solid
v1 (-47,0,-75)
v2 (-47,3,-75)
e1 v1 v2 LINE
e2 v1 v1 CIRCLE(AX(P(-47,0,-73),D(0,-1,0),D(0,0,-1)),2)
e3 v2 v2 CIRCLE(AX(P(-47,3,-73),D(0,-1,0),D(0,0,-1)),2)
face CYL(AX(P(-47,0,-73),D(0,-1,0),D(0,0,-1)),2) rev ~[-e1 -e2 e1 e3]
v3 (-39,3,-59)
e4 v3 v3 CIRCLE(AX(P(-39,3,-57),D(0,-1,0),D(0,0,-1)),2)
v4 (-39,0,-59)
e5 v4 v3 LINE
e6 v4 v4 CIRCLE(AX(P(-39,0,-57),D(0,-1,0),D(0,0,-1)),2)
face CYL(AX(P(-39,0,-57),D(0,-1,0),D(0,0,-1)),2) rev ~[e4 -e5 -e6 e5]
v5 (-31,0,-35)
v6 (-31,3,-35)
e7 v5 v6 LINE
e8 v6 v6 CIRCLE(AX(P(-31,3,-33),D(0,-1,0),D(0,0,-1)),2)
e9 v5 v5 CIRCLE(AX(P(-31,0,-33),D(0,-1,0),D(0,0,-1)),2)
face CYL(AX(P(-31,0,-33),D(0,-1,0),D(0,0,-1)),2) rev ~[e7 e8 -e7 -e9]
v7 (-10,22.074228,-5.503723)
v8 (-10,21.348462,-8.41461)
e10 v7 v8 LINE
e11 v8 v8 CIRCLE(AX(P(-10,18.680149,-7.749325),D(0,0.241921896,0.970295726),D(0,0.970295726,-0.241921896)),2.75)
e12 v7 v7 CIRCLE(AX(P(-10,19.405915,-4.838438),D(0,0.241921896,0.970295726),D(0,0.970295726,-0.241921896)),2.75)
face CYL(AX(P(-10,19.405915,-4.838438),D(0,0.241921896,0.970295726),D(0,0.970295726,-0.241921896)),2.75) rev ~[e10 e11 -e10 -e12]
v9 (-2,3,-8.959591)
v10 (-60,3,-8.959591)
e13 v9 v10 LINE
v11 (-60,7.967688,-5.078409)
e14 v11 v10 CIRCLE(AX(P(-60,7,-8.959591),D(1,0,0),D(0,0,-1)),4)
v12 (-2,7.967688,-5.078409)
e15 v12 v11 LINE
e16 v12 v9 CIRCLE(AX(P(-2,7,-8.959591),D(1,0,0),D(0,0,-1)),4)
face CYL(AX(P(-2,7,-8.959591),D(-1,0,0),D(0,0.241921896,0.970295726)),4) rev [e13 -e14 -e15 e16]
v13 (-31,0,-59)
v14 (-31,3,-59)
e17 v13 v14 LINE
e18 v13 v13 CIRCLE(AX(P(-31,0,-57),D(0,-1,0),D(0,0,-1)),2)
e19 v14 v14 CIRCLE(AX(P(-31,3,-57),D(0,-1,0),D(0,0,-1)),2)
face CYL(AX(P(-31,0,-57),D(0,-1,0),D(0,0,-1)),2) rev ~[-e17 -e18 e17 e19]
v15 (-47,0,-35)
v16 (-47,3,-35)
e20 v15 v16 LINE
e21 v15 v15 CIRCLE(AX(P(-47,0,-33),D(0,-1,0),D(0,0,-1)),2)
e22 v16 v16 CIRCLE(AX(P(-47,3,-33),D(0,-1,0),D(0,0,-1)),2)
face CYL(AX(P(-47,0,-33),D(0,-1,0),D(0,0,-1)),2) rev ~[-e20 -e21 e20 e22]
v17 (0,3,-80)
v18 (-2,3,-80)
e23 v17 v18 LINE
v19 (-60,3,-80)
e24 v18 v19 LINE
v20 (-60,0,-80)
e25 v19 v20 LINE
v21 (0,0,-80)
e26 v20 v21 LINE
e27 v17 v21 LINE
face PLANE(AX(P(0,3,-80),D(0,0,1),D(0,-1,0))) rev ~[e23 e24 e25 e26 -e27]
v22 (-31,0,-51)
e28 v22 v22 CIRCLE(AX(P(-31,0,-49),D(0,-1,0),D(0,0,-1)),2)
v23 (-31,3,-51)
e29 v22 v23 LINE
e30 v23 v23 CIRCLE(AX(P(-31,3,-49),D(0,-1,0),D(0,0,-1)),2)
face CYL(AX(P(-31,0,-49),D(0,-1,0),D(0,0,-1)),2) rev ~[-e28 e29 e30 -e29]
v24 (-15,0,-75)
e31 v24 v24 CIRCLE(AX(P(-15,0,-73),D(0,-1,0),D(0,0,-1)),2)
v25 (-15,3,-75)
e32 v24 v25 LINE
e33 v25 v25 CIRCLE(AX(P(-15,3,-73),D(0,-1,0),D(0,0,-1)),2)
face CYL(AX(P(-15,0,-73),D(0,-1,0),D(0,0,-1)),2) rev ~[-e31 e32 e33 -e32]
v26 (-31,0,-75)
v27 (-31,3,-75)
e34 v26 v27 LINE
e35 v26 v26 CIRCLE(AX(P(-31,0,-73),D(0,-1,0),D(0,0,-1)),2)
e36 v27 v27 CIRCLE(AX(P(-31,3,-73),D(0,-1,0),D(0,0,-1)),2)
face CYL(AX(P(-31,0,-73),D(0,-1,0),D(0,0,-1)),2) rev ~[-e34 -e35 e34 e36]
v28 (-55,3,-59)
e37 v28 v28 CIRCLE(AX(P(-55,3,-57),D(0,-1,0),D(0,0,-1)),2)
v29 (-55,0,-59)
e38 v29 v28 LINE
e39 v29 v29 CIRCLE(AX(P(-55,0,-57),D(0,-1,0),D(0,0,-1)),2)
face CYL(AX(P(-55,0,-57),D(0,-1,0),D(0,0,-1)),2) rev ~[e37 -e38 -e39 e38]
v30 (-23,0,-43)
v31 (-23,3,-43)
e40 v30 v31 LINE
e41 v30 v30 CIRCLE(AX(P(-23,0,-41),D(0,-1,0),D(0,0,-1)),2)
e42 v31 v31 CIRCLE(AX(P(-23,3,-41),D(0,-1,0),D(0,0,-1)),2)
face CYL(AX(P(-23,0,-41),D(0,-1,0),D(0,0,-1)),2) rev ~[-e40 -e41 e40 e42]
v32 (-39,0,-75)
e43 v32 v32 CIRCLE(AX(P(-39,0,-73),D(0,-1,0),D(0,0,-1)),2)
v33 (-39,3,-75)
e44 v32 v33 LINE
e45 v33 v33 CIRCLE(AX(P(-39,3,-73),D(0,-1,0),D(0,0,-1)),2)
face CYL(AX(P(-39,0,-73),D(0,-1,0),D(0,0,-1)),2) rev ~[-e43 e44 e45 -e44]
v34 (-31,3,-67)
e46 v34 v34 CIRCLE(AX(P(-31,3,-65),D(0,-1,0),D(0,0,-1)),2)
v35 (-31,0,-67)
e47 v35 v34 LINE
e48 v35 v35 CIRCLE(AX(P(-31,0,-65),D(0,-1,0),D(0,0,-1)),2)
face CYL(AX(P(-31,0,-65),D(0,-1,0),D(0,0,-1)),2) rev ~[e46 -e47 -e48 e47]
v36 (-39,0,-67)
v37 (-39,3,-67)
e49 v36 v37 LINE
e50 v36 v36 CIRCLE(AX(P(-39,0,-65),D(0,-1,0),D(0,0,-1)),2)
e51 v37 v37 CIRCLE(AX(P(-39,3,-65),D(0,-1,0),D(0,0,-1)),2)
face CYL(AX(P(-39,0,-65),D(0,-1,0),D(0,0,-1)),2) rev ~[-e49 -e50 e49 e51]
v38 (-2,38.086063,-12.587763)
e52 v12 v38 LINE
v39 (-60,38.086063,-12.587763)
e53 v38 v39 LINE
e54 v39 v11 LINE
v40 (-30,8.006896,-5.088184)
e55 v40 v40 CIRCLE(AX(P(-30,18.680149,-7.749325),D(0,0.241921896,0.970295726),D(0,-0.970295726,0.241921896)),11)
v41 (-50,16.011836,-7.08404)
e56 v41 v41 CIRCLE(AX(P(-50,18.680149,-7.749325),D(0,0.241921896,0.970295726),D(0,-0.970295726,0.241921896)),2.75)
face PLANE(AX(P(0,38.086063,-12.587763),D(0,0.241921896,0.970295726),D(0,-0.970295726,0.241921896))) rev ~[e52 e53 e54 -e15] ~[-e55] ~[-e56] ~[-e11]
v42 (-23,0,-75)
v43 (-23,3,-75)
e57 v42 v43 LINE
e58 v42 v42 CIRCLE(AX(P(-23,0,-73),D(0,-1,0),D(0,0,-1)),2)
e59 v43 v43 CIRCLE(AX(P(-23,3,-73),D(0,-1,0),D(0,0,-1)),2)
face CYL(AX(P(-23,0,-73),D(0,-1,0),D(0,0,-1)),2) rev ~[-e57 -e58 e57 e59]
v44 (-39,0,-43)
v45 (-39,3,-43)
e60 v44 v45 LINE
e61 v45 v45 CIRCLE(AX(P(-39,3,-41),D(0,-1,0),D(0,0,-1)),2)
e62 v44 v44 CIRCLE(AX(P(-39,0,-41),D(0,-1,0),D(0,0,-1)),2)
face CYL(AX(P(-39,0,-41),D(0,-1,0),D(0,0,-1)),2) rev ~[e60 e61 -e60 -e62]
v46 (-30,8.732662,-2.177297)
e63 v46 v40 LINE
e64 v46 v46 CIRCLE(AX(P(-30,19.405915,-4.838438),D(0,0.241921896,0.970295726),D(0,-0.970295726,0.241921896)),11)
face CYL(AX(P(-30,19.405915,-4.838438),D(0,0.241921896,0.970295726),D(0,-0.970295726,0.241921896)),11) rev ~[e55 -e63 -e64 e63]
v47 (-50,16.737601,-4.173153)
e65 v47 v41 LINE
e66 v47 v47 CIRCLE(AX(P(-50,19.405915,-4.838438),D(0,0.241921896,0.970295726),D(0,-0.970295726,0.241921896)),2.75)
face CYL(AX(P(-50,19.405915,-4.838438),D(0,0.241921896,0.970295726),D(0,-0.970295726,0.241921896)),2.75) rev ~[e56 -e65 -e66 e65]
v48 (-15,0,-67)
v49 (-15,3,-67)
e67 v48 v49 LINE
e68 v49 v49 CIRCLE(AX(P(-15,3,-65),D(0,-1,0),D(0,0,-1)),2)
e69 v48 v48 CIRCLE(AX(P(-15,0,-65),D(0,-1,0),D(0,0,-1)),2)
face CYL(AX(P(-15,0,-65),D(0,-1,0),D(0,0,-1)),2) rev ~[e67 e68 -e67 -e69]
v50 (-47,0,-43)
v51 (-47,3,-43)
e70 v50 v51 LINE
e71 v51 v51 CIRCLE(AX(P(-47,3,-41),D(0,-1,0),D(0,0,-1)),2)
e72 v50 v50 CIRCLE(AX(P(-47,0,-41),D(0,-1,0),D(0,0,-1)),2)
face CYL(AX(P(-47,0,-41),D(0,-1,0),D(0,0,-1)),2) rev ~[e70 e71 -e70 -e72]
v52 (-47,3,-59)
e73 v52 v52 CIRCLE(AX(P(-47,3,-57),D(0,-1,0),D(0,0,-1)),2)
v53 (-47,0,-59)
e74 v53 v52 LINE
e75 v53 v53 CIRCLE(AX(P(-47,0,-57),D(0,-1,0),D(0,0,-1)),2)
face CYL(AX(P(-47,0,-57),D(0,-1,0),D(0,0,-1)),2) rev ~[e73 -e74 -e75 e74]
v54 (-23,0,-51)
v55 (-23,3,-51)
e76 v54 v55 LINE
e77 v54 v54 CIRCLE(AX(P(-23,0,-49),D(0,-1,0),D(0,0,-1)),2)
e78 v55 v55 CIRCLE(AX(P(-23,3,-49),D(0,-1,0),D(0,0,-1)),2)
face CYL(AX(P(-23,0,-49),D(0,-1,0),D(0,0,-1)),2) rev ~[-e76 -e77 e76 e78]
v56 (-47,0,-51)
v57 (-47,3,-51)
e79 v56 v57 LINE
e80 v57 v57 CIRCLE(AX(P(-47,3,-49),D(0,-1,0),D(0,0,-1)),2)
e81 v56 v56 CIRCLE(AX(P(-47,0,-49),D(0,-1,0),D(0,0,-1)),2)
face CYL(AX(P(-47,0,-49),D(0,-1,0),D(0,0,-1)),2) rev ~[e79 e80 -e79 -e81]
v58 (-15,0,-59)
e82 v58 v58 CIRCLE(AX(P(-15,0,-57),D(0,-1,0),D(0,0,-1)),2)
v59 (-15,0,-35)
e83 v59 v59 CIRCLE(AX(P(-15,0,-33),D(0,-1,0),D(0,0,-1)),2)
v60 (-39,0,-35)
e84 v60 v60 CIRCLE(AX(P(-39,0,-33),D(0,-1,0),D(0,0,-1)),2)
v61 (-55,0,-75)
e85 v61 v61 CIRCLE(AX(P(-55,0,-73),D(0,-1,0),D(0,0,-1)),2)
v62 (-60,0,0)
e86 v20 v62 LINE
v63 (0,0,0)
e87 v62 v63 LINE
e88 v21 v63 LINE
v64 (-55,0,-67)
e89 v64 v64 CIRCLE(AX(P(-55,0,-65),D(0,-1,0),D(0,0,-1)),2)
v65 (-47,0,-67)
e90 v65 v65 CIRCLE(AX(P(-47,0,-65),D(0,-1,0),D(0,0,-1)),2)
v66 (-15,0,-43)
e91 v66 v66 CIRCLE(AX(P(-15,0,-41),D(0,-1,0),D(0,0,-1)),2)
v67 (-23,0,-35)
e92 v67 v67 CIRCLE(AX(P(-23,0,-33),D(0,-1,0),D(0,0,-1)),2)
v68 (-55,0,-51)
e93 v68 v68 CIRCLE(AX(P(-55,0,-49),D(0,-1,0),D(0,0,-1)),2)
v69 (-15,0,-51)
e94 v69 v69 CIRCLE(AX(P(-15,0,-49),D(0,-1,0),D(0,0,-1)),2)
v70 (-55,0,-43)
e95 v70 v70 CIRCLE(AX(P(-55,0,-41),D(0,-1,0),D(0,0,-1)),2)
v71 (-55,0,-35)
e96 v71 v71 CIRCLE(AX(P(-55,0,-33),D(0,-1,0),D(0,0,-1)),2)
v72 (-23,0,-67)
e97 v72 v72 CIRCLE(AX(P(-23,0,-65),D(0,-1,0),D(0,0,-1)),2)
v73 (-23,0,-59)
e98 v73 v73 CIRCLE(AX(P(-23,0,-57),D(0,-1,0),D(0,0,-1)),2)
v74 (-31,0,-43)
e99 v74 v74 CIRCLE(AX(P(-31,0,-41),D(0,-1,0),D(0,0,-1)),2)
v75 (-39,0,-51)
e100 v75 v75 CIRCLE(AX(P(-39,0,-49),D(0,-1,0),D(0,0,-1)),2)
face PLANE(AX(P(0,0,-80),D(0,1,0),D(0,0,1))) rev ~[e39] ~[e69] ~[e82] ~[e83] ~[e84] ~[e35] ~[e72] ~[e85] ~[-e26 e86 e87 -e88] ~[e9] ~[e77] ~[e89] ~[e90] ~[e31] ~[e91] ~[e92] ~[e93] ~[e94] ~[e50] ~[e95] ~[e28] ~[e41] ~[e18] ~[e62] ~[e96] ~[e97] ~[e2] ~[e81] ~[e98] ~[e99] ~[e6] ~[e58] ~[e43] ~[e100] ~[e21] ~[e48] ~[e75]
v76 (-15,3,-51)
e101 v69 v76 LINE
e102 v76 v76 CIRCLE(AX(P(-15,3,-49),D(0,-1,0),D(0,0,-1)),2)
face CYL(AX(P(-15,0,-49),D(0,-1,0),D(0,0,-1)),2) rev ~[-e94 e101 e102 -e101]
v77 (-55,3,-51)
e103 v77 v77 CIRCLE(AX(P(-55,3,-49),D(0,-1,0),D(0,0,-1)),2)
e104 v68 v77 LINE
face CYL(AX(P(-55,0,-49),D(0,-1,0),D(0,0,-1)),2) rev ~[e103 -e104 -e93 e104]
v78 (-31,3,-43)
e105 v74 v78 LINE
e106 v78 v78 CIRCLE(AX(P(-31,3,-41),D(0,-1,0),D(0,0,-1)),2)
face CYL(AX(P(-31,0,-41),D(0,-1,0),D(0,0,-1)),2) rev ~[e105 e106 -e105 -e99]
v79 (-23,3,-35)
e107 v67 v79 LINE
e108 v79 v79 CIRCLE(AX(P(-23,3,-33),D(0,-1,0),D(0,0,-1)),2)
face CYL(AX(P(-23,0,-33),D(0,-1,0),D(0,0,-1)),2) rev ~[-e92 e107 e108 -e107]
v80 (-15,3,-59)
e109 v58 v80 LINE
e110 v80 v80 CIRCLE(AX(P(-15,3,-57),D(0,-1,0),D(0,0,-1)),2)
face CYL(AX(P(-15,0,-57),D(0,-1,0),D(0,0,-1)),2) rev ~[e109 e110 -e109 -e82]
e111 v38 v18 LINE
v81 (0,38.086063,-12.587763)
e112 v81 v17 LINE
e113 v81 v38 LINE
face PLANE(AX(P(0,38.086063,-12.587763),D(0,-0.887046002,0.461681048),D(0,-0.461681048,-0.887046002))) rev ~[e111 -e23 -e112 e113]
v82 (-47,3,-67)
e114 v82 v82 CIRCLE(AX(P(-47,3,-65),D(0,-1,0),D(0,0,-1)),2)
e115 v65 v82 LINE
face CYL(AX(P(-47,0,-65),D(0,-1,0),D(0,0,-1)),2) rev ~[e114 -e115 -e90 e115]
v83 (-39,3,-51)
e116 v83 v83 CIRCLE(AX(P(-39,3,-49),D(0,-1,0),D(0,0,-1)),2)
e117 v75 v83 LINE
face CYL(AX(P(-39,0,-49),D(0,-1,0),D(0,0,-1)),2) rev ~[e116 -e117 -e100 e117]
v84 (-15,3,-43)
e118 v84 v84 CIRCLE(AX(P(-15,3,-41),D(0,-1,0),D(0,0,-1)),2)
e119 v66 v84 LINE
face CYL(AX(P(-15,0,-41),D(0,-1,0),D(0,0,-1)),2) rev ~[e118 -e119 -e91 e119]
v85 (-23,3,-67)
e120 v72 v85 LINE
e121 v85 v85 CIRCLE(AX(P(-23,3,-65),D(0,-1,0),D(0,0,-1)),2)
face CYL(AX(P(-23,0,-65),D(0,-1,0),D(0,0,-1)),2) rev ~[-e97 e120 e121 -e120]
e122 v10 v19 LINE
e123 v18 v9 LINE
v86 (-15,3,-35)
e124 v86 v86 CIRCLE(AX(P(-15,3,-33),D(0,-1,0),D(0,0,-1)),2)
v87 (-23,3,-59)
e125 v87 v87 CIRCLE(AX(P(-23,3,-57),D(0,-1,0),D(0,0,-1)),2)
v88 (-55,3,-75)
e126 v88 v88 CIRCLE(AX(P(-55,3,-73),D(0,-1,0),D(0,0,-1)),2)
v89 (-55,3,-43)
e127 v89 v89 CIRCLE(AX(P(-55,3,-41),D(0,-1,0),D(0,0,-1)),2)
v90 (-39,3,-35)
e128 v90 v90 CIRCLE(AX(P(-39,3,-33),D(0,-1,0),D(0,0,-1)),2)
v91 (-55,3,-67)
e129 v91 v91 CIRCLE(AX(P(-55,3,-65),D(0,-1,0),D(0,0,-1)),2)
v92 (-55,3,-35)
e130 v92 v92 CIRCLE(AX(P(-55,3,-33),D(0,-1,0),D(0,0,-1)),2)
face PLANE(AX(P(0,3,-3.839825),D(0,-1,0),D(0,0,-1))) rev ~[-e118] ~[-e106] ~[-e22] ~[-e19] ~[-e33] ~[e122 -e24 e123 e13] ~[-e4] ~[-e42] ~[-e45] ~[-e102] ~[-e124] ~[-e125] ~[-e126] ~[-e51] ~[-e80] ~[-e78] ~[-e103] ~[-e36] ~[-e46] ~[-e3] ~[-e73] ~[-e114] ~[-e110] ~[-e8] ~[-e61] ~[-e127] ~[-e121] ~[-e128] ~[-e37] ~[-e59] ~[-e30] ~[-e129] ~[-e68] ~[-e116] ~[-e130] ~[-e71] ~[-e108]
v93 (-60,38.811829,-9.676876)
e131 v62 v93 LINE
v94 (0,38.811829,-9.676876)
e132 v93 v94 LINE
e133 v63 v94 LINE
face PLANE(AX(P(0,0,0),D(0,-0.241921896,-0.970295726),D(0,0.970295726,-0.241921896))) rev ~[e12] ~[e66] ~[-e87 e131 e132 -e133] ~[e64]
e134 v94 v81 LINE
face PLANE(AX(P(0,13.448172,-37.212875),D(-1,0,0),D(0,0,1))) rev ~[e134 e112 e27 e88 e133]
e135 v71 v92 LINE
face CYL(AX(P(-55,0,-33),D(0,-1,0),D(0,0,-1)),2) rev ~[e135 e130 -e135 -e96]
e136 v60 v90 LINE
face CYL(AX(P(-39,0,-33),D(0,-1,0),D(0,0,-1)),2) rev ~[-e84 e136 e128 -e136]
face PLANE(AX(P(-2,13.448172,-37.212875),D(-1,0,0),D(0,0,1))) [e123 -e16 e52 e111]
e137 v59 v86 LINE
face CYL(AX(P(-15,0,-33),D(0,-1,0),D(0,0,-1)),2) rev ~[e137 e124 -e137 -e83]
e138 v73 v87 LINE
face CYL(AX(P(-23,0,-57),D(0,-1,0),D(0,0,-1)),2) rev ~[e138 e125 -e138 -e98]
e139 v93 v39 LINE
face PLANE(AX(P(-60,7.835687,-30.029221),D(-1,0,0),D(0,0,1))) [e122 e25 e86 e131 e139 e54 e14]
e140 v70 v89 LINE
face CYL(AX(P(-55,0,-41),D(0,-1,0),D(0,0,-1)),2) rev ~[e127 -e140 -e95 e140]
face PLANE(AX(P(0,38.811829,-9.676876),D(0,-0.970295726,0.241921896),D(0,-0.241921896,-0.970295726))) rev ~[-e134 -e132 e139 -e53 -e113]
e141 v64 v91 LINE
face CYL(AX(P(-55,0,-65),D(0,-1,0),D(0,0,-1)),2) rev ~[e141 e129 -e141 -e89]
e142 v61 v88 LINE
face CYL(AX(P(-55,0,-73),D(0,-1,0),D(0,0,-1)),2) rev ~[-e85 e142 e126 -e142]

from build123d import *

# Parameters (mm, degrees)
BOSS_EXTRUDE1_DEPTH = 2
BOSS_EXTRUDE2_DEPTH = 60
CUT_EXTRUDE1_REACH  = 109.268
SKETCH2_R           = 11
SKETCH2_R_2         = 2.75
SKETCH3_R           = 2
CUT_EXTRUDE2_DEPTH  = 3
FILLET1_R           = 4


with BuildPart() as part:
    # Sketch1 → Boss-Extrude1 (new body)
    with BuildSketch(Plane(origin=(0, 0, 0), x_dir=(0, 0, -1), z_dir=(1, 0, 0))):
        Polygon((12.587763003, 38.086063364), (80, 3), (3.839824897, 3), align=None)
        Polygon((9.676875824, 38.811829051), (12.587763003, 38.086063364), (3.839824897, 3), (80, 3), (80, 0), (0, 0), align=None)
    extrude(amount=-BOSS_EXTRUDE1_DEPTH)

    # Sketch1<3> → Boss-Extrude2 (add)
    with BuildSketch(Plane(origin=(0, 0, 0), x_dir=(0, 0, -1), z_dir=(1, 0, 0))):
        Polygon((9.676875824, 38.811829051), (12.587763003, 38.086063364), (3.839824897, 3), (80, 3), (80, 0), (0, 0), align=None)
    extrude(amount=-BOSS_EXTRUDE2_DEPTH)

    # Sketch2 → Cut-Extrude1 (cut, up to next)
    with BuildSketch(Plane(origin=(0, 0, 0), x_dir=(1, 0, 0), z_dir=(0, 0.24192189559967164, 0.9702957262759956)), mode=Mode.PRIVATE) as cut_extrude1_sk1:
        with Locations(Location((-30, 20, 0), (0, 0, 270))):
            Circle(SKETCH2_R)
    cut_extrude1_tool1 = extrude(cut_extrude1_sk1.sketch, amount=-CUT_EXTRUDE1_REACH, mode=Mode.PRIVATE) & part.part
    # Sketch2 → Cut-Extrude1 (cut, up to next)
    with BuildSketch(Plane(origin=(0, 0, 0), x_dir=(1, 0, 0), z_dir=(0, 0.24192189559967164, 0.9702957262759956)), mode=Mode.PRIVATE) as cut_extrude1_sk2:
        with Locations(Location((-50, 20, 0), (0, 0, 270))):
            Circle(SKETCH2_R_2)
    cut_extrude1_tool2 = extrude(cut_extrude1_sk2.sketch, amount=-CUT_EXTRUDE1_REACH, mode=Mode.PRIVATE) & part.part
    # Sketch2 → Cut-Extrude1 (cut, up to next)
    with BuildSketch(Plane(origin=(0, 0, 0), x_dir=(1, 0, 0), z_dir=(0, 0.24192189559967164, 0.9702957262759956)), mode=Mode.PRIVATE) as cut_extrude1_sk3:
        with Locations(Location((-10, 20, 0), (0, 0, 90))):
            Circle(SKETCH2_R_2)
    cut_extrude1_tool3 = extrude(cut_extrude1_sk3.sketch, amount=-CUT_EXTRUDE1_REACH, mode=Mode.PRIVATE) & part.part
    add(cut_extrude1_tool1.solids().sort_by_distance((-30, 19.405915, -4.838438))[0], mode=Mode.SUBTRACT)
    add(cut_extrude1_tool2.solids().sort_by_distance((-50, 19.405915, -4.838438))[0], mode=Mode.SUBTRACT)
    add(cut_extrude1_tool3.solids().sort_by_distance((-10, 19.405915, -4.838438))[0], mode=Mode.SUBTRACT)

    # Sketch3 → Cut-Extrude2 (cut)
    with BuildSketch(Plane.XZ):
        with Locations(Location((-55, -33, 0), (0, 0, 270))):
            Circle(SKETCH3_R)
        with Locations(Location((-47, -33, 0), (0, 0, 270))):
            Circle(SKETCH3_R)
        with Locations(Location((-39, -33, 0), (0, 0, 270))):
            Circle(SKETCH3_R)
        with Locations(Location((-31, -33, 0), (0, 0, 270))):
            Circle(SKETCH3_R)
        with Locations(Location((-23, -33, 0), (0, 0, 270))):
            Circle(SKETCH3_R)
        with Locations(Location((-15, -33, 0), (0, 0, 270))):
            Circle(SKETCH3_R)
        with Locations(Location((-47, -41, 0), (0, 0, 270))):
            Circle(SKETCH3_R)
        with Locations(Location((-39, -41, 0), (0, 0, 270))):
            Circle(SKETCH3_R)
        with Locations(Location((-31, -41, 0), (0, 0, 270))):
            Circle(SKETCH3_R)
        with Locations(Location((-23, -41, 0), (0, 0, 270))):
            Circle(SKETCH3_R)
        with Locations(Location((-15, -41, 0), (0, 0, 270))):
            Circle(SKETCH3_R)
        with Locations(Location((-47, -49, 0), (0, 0, 270))):
            Circle(SKETCH3_R)
        with Locations(Location((-39, -49, 0), (0, 0, 270))):
            Circle(SKETCH3_R)
        with Locations(Location((-31, -49, 0), (0, 0, 270))):
            Circle(SKETCH3_R)
        with Locations(Location((-23, -49, 0), (0, 0, 270))):
            Circle(SKETCH3_R)
        with Locations(Location((-15, -49, 0), (0, 0, 270))):
            Circle(SKETCH3_R)
        with Locations(Location((-47, -57, 0), (0, 0, 270))):
            Circle(SKETCH3_R)
        with Locations(Location((-39, -57, 0), (0, 0, 270))):
            Circle(SKETCH3_R)
        with Locations(Location((-31, -57, 0), (0, 0, 270))):
            Circle(SKETCH3_R)
        with Locations(Location((-23, -57, 0), (0, 0, 270))):
            Circle(SKETCH3_R)
        with Locations(Location((-15, -57, 0), (0, 0, 270))):
            Circle(SKETCH3_R)
        with Locations(Location((-47, -65, 0), (0, 0, 270))):
            Circle(SKETCH3_R)
        with Locations(Location((-39, -65, 0), (0, 0, 270))):
            Circle(SKETCH3_R)
        with Locations(Location((-31, -65, 0), (0, 0, 270))):
            Circle(SKETCH3_R)
        with Locations(Location((-23, -65, 0), (0, 0, 270))):
            Circle(SKETCH3_R)
        with Locations(Location((-15, -65, 0), (0, 0, 270))):
            Circle(SKETCH3_R)
        with Locations(Location((-47, -73, 0), (0, 0, 270))):
            Circle(SKETCH3_R)
        with Locations(Location((-39, -73, 0), (0, 0, 270))):
            Circle(SKETCH3_R)
        with Locations(Location((-31, -73, 0), (0, 0, 270))):
            Circle(SKETCH3_R)
        with Locations(Location((-23, -73, 0), (0, 0, 270))):
            Circle(SKETCH3_R)
        with Locations(Location((-15, -73, 0), (0, 0, 270))):
            Circle(SKETCH3_R)
        with Locations(Location((-55, -41, 0), (0, 0, 270))):
            Circle(SKETCH3_R)
        with Locations(Location((-55, -49, 0), (0, 0, 270))):
            Circle(SKETCH3_R)
        with Locations(Location((-55, -57, 0), (0, 0, 270))):
            Circle(SKETCH3_R)
        with Locations(Location((-55, -65, 0), (0, 0, 270))):
            Circle(SKETCH3_R)
        with Locations(Location((-55, -73, 0), (0, 0, 270))):
            Circle(SKETCH3_R)
    extrude(amount=-CUT_EXTRUDE2_DEPTH, mode=Mode.SUBTRACT)

    # Fillet1
    fillet1_edges = [part.edges().sort_by_distance(p)[0] for p in [
        (-31, 3, -3.839824897),
    ]]
    fillet(fillet1_edges, radius=FILLET1_R)


solid = part.part
